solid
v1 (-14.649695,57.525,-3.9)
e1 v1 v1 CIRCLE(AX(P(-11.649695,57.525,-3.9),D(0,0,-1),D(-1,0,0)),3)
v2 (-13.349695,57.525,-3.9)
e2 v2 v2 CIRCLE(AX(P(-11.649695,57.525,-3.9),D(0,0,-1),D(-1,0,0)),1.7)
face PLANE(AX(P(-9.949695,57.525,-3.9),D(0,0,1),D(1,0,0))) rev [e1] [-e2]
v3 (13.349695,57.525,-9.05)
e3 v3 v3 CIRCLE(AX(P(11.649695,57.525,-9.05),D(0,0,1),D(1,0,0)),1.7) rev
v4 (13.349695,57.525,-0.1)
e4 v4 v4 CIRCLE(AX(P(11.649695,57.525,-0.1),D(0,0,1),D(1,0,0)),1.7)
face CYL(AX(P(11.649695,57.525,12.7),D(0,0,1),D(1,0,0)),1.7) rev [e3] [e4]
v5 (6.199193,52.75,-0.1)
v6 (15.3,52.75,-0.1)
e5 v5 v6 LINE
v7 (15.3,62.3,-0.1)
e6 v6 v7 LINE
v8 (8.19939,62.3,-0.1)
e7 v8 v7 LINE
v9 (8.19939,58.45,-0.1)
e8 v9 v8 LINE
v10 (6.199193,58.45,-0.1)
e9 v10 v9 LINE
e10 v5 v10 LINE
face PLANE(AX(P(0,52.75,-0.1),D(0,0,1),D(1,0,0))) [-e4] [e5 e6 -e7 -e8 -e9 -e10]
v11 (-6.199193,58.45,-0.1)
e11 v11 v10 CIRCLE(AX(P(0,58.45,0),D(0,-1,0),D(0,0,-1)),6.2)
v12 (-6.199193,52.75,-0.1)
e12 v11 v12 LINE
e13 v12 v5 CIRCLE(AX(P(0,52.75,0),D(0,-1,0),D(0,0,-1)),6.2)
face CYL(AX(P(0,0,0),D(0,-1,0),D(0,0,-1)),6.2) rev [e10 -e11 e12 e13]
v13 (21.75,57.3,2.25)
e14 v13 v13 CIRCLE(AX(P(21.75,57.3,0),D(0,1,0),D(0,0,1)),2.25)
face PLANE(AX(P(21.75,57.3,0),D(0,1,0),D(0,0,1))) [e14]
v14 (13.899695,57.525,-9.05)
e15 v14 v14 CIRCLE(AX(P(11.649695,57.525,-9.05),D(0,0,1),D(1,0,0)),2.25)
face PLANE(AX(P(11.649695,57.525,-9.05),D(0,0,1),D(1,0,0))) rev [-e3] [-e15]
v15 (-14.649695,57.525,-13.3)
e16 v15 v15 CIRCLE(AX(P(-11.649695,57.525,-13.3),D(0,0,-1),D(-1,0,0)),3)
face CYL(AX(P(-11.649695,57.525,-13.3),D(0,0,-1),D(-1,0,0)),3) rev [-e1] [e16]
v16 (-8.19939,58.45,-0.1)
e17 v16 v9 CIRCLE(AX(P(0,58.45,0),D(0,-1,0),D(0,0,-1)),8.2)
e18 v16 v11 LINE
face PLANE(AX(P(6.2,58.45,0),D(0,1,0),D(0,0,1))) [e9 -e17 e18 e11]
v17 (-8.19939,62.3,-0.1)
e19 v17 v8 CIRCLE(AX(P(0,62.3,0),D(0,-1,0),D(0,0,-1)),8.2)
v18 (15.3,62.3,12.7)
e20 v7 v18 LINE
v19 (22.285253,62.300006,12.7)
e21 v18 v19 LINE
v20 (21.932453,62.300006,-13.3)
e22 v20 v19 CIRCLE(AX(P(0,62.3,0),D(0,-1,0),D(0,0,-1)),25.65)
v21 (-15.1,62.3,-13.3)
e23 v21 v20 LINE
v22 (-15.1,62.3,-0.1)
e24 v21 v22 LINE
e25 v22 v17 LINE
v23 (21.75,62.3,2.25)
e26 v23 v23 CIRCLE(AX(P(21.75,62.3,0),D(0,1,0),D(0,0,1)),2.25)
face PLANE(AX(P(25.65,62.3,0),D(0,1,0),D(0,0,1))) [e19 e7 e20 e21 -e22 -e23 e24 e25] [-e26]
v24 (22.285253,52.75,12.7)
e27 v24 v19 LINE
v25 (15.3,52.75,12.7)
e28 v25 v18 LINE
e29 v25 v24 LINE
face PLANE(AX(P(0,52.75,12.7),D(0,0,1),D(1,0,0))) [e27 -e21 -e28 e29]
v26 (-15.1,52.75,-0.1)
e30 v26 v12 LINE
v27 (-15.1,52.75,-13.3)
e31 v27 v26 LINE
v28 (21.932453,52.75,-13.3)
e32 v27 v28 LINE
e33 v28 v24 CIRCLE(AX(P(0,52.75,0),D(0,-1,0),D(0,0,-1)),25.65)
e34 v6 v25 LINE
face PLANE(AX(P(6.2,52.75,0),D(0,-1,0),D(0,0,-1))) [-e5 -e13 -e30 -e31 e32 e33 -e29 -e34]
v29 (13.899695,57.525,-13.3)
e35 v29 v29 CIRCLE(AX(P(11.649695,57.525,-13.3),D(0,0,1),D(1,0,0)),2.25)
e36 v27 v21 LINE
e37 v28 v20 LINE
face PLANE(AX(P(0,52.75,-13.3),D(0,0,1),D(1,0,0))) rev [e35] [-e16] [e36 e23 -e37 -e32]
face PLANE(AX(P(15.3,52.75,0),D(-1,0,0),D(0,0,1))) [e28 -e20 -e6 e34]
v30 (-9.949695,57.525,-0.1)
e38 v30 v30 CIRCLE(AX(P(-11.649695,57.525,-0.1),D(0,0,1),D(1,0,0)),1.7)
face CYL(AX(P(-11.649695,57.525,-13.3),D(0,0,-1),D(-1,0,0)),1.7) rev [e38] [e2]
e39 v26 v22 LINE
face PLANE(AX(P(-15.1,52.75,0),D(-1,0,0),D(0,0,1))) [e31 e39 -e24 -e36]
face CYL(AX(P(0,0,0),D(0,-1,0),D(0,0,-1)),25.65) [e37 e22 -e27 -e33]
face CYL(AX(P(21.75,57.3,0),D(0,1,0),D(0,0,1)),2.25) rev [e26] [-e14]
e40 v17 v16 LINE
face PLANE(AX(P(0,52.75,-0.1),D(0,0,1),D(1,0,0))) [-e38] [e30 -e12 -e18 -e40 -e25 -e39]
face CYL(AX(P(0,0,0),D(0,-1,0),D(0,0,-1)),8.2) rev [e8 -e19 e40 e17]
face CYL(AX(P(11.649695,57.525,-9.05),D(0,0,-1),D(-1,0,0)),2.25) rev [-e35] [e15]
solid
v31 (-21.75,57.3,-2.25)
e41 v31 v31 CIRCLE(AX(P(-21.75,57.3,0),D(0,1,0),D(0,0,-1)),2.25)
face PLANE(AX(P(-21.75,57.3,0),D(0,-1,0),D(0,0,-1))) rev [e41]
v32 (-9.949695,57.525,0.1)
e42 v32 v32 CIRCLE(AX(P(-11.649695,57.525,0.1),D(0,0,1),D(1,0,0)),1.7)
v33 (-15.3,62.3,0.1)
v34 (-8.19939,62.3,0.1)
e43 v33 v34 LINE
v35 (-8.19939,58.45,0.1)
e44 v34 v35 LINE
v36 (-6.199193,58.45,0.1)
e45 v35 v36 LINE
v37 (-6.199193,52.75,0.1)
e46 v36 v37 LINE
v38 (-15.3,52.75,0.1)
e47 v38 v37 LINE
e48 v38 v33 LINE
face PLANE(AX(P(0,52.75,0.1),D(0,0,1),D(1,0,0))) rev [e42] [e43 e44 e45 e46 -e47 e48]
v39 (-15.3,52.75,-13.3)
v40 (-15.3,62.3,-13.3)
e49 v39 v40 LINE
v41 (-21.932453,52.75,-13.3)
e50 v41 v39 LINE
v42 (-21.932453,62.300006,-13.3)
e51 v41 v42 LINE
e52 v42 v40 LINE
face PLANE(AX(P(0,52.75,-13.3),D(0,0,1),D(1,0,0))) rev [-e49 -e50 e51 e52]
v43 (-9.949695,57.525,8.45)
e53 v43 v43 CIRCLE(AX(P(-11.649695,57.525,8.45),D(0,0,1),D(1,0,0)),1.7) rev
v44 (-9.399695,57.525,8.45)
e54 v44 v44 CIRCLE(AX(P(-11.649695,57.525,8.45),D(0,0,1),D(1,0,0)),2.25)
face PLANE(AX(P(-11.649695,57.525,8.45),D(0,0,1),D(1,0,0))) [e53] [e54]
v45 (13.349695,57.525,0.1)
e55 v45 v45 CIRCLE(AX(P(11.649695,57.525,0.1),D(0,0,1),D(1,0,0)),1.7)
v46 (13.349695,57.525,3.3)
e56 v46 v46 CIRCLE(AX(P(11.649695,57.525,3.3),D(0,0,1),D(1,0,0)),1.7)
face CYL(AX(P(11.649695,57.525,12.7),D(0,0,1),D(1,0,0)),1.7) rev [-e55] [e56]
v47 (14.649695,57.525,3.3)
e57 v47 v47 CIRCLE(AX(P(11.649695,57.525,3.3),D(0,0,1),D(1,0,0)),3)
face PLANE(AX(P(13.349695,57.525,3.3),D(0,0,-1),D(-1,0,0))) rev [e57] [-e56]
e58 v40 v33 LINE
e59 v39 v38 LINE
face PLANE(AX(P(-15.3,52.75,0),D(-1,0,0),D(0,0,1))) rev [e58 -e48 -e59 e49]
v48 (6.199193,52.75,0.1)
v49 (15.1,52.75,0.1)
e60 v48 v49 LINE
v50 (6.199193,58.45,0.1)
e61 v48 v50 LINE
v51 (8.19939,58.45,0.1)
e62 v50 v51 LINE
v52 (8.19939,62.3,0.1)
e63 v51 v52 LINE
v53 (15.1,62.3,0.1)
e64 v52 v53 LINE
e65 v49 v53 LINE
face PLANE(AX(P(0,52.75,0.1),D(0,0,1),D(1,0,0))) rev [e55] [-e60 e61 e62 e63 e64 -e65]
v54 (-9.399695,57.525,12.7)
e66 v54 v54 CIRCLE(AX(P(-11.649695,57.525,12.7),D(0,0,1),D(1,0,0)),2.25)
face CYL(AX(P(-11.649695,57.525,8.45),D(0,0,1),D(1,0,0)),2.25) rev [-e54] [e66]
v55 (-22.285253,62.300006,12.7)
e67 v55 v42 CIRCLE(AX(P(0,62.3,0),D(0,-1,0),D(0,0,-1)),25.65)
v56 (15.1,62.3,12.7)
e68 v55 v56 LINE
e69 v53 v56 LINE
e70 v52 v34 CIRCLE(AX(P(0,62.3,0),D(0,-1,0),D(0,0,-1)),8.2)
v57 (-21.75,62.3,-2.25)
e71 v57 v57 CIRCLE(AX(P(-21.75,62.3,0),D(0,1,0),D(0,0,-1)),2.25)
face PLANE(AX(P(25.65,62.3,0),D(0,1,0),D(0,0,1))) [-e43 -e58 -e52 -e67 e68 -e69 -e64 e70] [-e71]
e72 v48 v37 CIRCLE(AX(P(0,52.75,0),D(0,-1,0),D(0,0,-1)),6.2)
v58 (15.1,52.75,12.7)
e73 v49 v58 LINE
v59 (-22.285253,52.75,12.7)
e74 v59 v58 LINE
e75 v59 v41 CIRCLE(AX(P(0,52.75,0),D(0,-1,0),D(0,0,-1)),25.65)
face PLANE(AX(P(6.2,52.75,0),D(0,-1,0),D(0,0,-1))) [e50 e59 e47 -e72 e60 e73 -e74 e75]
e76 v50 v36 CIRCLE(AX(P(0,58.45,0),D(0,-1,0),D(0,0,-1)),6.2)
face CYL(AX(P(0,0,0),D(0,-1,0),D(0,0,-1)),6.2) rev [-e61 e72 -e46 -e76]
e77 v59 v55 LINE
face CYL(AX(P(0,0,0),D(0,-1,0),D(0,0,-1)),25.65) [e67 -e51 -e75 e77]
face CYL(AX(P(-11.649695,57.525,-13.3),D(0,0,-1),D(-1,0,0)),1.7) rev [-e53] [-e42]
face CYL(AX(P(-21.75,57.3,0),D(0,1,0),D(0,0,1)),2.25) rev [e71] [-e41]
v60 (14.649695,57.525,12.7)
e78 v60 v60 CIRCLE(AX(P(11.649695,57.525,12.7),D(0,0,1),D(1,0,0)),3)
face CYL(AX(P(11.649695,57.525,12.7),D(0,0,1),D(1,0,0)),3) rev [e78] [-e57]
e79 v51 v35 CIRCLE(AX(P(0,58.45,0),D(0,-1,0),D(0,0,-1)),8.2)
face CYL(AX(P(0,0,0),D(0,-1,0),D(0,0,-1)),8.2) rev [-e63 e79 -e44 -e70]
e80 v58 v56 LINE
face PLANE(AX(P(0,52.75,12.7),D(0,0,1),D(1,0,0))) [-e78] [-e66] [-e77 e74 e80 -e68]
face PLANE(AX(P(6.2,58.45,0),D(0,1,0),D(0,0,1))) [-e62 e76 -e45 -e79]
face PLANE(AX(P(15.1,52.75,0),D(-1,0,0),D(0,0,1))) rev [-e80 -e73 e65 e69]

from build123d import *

# Parameters (mm, degrees)
CUT_EXTRUDE1_DEPTH      = 38.510631826
CUT_EXTRUDE1_DEPTH_BACK = 38.510631826
SKETCH14_R              = 2.25
CUT_EXTRUDE4_DEPTH      = 4.25
CUT_EXTRUDE5_START      = -26
SKETCH14_3_R            = 2.25
CUT_EXTRUDE5_DEPTH      = 4.25
SKETCH15_R              = 2.25
CUT_EXTRUDE6_DEPTH      = 5


with BuildPart() as part:
    # Sketch1 → Revolve1 (revolve)
    with BuildSketch(Plane.XY, mode=Mode.PRIVATE) as revolve1_sk:
        Polygon((6.2, 58.45), (6.2, 52.75), (25.65, 52.75), (25.65, 62.3), (8.2, 62.3), (8.2, 58.45), align=None)
    revolve(revolve1_sk.sketch.rotate(Axis((0, 0, 0), (0, 1, 0)), 90), axis=Axis((0, 0, 0), (0, 1, 0)))

    # Sketch2 → Cut-Extrude1 (cut, two sides: drawn at the far end of the back side and taken through both)
    with BuildSketch(Plane(origin=(0, 62.3, 0), x_dir=(1, 0, 0), z_dir=(0, 1, 0)).offset(-CUT_EXTRUDE1_DEPTH_BACK)):
        with BuildLine():
            Line((15.1, -12.7), (-22.285252971, -12.7))
            ThreePointArc((-22.285252971, -12.7), (0, -25.65), (22.285252971, -12.7))
            Line((22.285252971, -12.7), (15.3, -12.7))
            Line((15.3, -12.7), (15.2, -12.7))
            Line((15.2, -12.7), (15.1, -12.7))
        make_face()
        with BuildLine():
            ThreePointArc((21.932453123, 13.3), (0, 25.65), (-21.932453123, 13.3))
            Line((-21.932453123, 13.3), (-15.3, 13.3))
            Line((-15.3, 13.3), (-15.2, 13.3))
            Line((-15.2, 13.3), (-15.1, 13.3))
            Line((-15.1, 13.3), (21.932453123, 13.3))
        make_face()
        with BuildLine():
            Line((-8.199390221, -0.1), (8.199390221, -0.1))
            ThreePointArc((8.199390221, -0.1), (8.199847554, -0.05000093), (8.2, 0))
            Line((8.2, 0), (-8.2, 0))
            ThreePointArc((-8.2, 0), (-8.199847554, -0.05000093), (-8.199390221, -0.1))
        make_face()
        with BuildLine():
            Line((-8.2, 0), (8.2, 0))
            ThreePointArc((8.2, 0), (8.199847554, 0.05000093), (8.199390221, 0.1))
            Line((8.199390221, 0.1), (-8.199390221, 0.1))
            ThreePointArc((-8.199390221, 0.1), (-8.199847554, 0.05000093), (-8.2, 0))
        make_face()
        with BuildLine():
            Line((-15.2, 13.3), (-15.3, 13.3))
            Line((-15.3, 13.3), (-15.3, -0.1))
            Line((-15.3, -0.1), (-8.199390221, -0.1))
            ThreePointArc((-8.199390221, -0.1), (-8.199847554, -0.05000093), (-8.2, 0))
            Line((-8.2, 0), (-15.2, 0))
            Line((-15.2, 0), (-15.2, 13.3))
        make_face()
        with BuildLine():
            Line((-15.1, 13.3), (-15.2, 13.3))
            Line((-15.2, 13.3), (-15.2, 0))
            Line((-15.2, 0), (-8.2, 0))
            ThreePointArc((-8.2, 0), (-8.199847554, 0.05000093), (-8.199390221, 0.1))
            Line((-8.199390221, 0.1), (-15.1, 0.1))
            Line((-15.1, 0.1), (-15.1, 13.3))
        make_face()
        with BuildLine():
            Line((15.1, -0.1), (15.1, -12.7))
            Line((15.1, -12.7), (15.2, -12.7))
            Line((15.2, -12.7), (15.2, 0))
            Line((15.2, 0), (8.2, 0))
            ThreePointArc((8.2, 0), (8.199847554, -0.05000093), (8.199390221, -0.1))
            Line((8.199390221, -0.1), (15.1, -0.1))
        make_face()
        with BuildLine():
            Line((15.2, 0), (15.2, -12.7))
            Line((15.2, -12.7), (15.3, -12.7))
            Line((15.3, -12.7), (15.3, 0.1))
            Line((15.3, 0.1), (8.199390221, 0.1))
            ThreePointArc((8.199390221, 0.1), (8.199847554, 0.05000093), (8.2, 0))
            Line((8.2, 0), (15.2, 0))
        make_face()
    extrude(amount=CUT_EXTRUDE1_DEPTH + CUT_EXTRUDE1_DEPTH_BACK, mode=Mode.SUBTRACT)


with BuildPart() as cut_extrude1_piece_1:
    # of the separate pieces the step leaves, piece 1, a body of its own (cut_extrude1_pieces)
    add(part.part.solids().sort_by_distance((-6.199193496, 52.75, -0.1))[0])


with BuildPart() as cut_extrude1_piece_2:
    # of the separate pieces the step leaves, piece 2, a body of its own (cut_extrude1_pieces)
    add(part.part.solids().sort_by_distance((-6.199193496, 58.45, 0.1))[0])


with BuildPart() as cbore_for_m3_hex_socket_head_cap_screw3_tool:
    # Sketch9 → CBORE for M3 Hex Socket Head Cap Screw3 (revolve)
    with BuildSketch(Plane(origin=(-11.649695111, 57.525, -13.3), x_dir=(0, 1, 0), z_dir=(1, 0, 0))):
        Polygon((0, 0), (0, 26.00025), (1.7, 26.00025), (1.7, 9.4), (3, 9.4), (3, 0), align=None)
    revolve(axis=Axis((-11.649695111, 57.525, -19.65), (0, 0, 1)))


with BuildPart() as cut_extrude1_piece_1_1:
    add(cut_extrude1_piece_1.part)

    # CBORE for M3 Hex Socket Head Cap Screw3: cut by cbore_for_m3_hex_socket_head_cap_screw3_tool
    add(cbore_for_m3_hex_socket_head_cap_screw3_tool.part, mode=Mode.SUBTRACT)


with BuildPart() as cut_extrude1_piece_2_1:
    add(cut_extrude1_piece_2.part)

    # CBORE for M3 Hex Socket Head Cap Screw3: cut by cbore_for_m3_hex_socket_head_cap_screw3_tool
    add(cbore_for_m3_hex_socket_head_cap_screw3_tool.part, mode=Mode.SUBTRACT)


with BuildPart() as cbore_for_m3_hex_socket_head_cap_screw4_tool:
    # Sketch13 → CBORE for M3 Hex Socket Head Cap Screw4 (revolve)
    with BuildSketch(Plane(origin=(11.649695111, 57.525, 12.7), x_dir=(0, -1, 0), z_dir=(1, 0, 0))):
        Polygon((0, 0), (0, 26.00025), (1.7, 26.00025), (1.7, 9.4), (3, 9.4), (3, 0), align=None)
    revolve(axis=Axis((11.649695111, 57.525, 19.05), (0, 0, -1)))


with BuildPart() as cut_extrude1_piece_1_2:
    add(cut_extrude1_piece_1_1.part)

    # CBORE for M3 Hex Socket Head Cap Screw4: cut by cbore_for_m3_hex_socket_head_cap_screw4_tool
    add(cbore_for_m3_hex_socket_head_cap_screw4_tool.part, mode=Mode.SUBTRACT)

    # Sketch14<3> → Cut-Extrude5 (cut)
    with BuildSketch(Plane.XY.offset(12.7).offset(CUT_EXTRUDE5_START)):
        with Locations((11.649695111, 57.525)):
            Circle(SKETCH14_3_R)
    extrude(amount=CUT_EXTRUDE5_DEPTH, mode=Mode.SUBTRACT)


with BuildPart() as cut_extrude1_piece_2_2:
    add(cut_extrude1_piece_2_1.part)

    # CBORE for M3 Hex Socket Head Cap Screw4: cut by cbore_for_m3_hex_socket_head_cap_screw4_tool
    add(cbore_for_m3_hex_socket_head_cap_screw4_tool.part, mode=Mode.SUBTRACT)

    # Sketch14 → Cut-Extrude4 (cut)
    with BuildSketch(Plane.XY.offset(12.7)):
        with Locations((-11.649695111, 57.525)):
            Circle(SKETCH14_R)
    extrude(amount=-CUT_EXTRUDE4_DEPTH, mode=Mode.SUBTRACT)


with BuildPart() as cut_extrude6_tool:
    # Sketch15 → Cut-Extrude6 (new body)
    with BuildSketch(Plane(origin=(0, 62.3, 0), x_dir=(1, 0, 0), z_dir=(0, 1, 0))):
        with Locations(Location((-21.75, 0, 0), (0, 0, 90))):
            Circle(SKETCH15_R)
        with Locations(Location((21.75, 0, 0), (0, 0, 270))):
            Circle(SKETCH15_R)
    extrude(amount=-CUT_EXTRUDE6_DEPTH)


with BuildPart() as cut_extrude1_piece_1_3:
    add(cut_extrude1_piece_1_2.part)

    # Cut-Extrude6: cut by cut_extrude6_tool
    add(cut_extrude6_tool.part, mode=Mode.SUBTRACT)


with BuildPart() as cut_extrude1_piece_2_3:
    add(cut_extrude1_piece_2_2.part)

    # Cut-Extrude6: cut by cut_extrude6_tool
    add(cut_extrude6_tool.part, mode=Mode.SUBTRACT)


solid = Compound([cut_extrude1_piece_1_3.part, cut_extrude1_piece_2_3.part])
